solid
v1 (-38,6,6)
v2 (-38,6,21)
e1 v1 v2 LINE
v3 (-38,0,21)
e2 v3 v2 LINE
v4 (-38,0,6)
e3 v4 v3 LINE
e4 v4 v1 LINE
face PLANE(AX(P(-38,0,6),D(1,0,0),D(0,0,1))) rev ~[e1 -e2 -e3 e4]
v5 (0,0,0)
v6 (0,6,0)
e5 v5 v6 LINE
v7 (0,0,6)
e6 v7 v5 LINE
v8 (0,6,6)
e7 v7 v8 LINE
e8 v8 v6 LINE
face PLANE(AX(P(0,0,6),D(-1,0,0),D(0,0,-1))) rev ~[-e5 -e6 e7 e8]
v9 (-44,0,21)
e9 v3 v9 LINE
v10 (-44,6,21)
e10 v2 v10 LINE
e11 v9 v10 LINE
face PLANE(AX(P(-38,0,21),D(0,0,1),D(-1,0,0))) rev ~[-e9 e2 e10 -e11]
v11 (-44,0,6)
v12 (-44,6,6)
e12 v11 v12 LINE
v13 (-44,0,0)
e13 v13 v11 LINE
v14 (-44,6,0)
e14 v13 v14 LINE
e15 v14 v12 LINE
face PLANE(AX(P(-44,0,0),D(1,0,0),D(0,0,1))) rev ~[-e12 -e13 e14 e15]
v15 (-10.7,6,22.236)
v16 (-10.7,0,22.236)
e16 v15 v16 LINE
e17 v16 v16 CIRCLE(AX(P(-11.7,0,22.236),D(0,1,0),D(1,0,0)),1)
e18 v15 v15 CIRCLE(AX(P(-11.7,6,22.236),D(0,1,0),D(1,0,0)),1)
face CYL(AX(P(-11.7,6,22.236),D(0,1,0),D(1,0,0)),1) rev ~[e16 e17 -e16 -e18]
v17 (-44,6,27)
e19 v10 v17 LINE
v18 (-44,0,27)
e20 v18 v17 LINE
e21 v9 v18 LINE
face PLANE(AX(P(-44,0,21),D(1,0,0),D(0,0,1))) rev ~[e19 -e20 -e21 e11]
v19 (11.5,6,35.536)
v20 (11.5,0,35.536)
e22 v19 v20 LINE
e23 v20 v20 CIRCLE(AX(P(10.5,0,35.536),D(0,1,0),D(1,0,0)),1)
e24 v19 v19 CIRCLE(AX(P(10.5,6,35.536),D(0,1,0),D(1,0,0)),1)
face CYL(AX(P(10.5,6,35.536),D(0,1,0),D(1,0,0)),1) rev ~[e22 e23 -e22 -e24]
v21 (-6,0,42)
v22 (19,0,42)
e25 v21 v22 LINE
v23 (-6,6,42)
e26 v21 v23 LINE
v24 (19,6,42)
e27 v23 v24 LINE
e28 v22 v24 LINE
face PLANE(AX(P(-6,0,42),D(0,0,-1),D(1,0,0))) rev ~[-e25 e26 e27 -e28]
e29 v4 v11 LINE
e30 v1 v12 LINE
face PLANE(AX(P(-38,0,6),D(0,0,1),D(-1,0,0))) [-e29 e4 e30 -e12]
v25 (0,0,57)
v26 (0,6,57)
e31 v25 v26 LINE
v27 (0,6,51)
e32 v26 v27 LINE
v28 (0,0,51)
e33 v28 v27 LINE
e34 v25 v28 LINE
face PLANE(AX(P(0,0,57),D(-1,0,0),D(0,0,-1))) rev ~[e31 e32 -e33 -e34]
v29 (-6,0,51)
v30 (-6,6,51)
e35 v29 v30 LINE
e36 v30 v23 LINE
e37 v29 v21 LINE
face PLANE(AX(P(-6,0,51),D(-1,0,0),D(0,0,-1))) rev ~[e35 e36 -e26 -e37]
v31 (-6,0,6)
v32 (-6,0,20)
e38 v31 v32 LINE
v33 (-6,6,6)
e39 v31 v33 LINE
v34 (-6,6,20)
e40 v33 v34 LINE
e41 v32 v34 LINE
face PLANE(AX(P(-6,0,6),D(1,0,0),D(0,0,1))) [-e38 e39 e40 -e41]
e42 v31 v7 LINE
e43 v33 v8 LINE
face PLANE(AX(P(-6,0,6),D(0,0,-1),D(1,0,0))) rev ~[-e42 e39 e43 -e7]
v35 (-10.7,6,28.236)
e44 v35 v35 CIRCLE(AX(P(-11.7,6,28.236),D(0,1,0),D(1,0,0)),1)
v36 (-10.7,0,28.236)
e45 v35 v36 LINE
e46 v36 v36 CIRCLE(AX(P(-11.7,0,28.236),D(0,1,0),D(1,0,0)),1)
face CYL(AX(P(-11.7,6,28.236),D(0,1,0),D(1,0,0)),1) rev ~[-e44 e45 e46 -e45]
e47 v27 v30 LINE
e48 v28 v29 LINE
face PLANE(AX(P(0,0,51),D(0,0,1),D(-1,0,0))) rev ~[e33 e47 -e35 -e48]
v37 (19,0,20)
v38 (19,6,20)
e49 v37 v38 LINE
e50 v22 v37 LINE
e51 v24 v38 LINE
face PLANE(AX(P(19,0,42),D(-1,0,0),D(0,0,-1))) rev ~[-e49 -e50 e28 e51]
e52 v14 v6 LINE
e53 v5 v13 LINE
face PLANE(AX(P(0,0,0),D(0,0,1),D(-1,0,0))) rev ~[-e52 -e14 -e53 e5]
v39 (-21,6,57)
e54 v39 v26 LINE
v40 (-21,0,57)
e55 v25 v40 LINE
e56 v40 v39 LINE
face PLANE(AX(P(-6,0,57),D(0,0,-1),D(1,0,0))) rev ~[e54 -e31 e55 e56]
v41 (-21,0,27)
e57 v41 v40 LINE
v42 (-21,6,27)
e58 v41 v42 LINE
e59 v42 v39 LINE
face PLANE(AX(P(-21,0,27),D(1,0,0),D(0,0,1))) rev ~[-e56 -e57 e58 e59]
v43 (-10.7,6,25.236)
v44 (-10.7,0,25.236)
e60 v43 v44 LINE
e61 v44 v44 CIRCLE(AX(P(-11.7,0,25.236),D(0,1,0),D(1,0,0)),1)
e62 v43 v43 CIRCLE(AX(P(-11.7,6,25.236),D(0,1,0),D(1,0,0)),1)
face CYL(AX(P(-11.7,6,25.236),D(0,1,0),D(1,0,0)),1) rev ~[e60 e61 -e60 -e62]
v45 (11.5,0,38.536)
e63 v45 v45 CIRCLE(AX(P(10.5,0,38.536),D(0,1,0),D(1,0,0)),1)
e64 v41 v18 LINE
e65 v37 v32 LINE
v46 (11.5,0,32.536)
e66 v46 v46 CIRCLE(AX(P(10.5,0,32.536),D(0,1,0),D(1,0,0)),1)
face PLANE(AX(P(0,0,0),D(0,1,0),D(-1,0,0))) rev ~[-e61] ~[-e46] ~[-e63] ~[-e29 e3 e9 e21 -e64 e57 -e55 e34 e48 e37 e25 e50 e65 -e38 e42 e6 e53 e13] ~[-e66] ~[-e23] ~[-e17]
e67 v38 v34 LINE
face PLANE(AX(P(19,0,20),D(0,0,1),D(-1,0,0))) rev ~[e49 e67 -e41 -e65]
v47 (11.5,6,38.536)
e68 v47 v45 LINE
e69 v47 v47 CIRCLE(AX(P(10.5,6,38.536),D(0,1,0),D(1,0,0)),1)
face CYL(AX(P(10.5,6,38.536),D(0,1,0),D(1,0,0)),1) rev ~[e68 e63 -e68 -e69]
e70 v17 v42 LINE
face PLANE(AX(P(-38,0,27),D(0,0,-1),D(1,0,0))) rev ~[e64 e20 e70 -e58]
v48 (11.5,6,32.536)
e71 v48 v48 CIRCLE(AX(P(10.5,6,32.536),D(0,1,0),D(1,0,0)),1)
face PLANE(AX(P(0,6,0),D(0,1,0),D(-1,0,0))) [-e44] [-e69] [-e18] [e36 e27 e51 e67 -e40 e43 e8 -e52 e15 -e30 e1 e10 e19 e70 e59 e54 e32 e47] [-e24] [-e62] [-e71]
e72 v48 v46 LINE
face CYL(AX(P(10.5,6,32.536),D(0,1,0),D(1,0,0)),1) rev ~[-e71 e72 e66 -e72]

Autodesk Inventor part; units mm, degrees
ref_plane "YZ Plane" through (0, 0, 0) normal (1, 0, 0) x (0, 1, 0)
ref_plane "XZ Plane" through (0, 0, 0) normal (0, 1, 0) x (-1, 0, 0)
ref_plane "XY Plane" through (0, 0, 0) normal (0, 0, 1) x (1, 0, 0)
sketch "Sketch1" plane through (0, 0, 0) normal (0, 1, 0) x (-1, 0, 0)
  line L0 (0, 0) -> (38, 0)
  line L1 (44, 0) -> (44, 6)
  line L2 (44, 27) -> (38, 27)
  line L3 (0, 27) -> (0, 6) construction
  line L4 (44, 27) -> (38, 27)
  line L5 (38, 27) -> (38, 21) construction
  line L6 (38, 21) -> (44, 21)
  line L7 (44, 21) -> (44, 27)
  line L8 (44, 0) -> (38, 0)
  line L9 (38, 0) -> (38, 6) construction
  line L10 (38, 6) -> (44, 6)
  line L11 (44, 6) -> (44, 0)
  line L12 (44, 21) -> (44, 27)
  line L13 (38, 27) -> (6, 27)
  line L14 (38, 0) -> (44, 0)
  line L15 (44, 6) -> (44, 21) construction
  line L16 (38, 6) -> (38, 21)
  line L17 (0, 0) -> (6, 0)
  line L18 (6, 0) -> (6, 6) construction
  line L19 (6, 6) -> (0, 6)
  line L20 (0, 6) -> (0, 0)
  line L21 (6, 6) -> (6, 27)
  line L22 (6, 27) -> (0, 27) construction
  line L23 (0, 6) -> (0, 0)
  line L24 (6, 27) -> (21, 27)
  line L25 (21, 27) -> (21, 57)
  line L26 (21, 57) -> (6, 57)
  line L27 (6, 57) -> (0, 57)
  line L28 (0, 57) -> (0, 51)
  line L29 (0, 51) -> (6, 51)
  line L30 (6, 51) -> (6, 57) construction
  line L31 (6, 51) -> (6, 27)
  line L32 (6, 42) -> (-19, 42)
  line L33 (-19, 42) -> (-19, 20)
  line L34 (-19, 20) -> (6, 20)
  line L35 (6, 20) -> (6, 42)
  dimension "d0" = 44
  dimension "d1" = 27
  dimension "d2" = 6
  dimension "d3" = 6
  dimension "d4" = 6
  dimension "d5" = 6
  dimension "d6" = 6
  dimension "d7" = 6
  dimension "d10" = 15
  dimension "d11" = 30
  dimension "d12" = 6
  dimension "d13" = 6
  dimension "d34" = 25
  dimension "d35" = 22
  dimension "d36" = 9
extrude "Extrusion1" add sketch "Sketch1" along normal blind 6
sketch "Sketch2" plane through (0, 6, 0) normal (0, 1, 0) x (1, 0, 0)
  circle A0 centre (10.5, -38.536) radius 1
  circle A1 centre (10.5, -35.536) radius 1
  circle A2 centre (10.5, -32.536) radius 1
  circle A3 centre (-11.7, -28.236) radius 1
  circle A4 centre (-11.7, -25.236) radius 1
  circle A5 centre (-11.7, -22.236) radius 1
  line L0 (0, -51) -> (-6, -51) projected
  line L1 (19, -42) -> (19, -20) projected
  dimension "d22" = 2
  dimension "d24" = 2
  dimension "d25" = 3
  dimension "d26" = 2
  dimension "d27" = 3
  dimension "d28" = 2
  dimension "d29" = 2
  dimension "d30" = 3
  dimension "d31" = 2
  dimension "d32" = 3
  dimension "d37" = 10.3
  dimension "d39" = 22.2
  dimension "d51" = 12.464
  dimension "d57" = 8.5
extrude "Extrusion2" cut sketch "Sketch2" against normal through all
properties part number "thumper-bumper-sidewall3-v3"
